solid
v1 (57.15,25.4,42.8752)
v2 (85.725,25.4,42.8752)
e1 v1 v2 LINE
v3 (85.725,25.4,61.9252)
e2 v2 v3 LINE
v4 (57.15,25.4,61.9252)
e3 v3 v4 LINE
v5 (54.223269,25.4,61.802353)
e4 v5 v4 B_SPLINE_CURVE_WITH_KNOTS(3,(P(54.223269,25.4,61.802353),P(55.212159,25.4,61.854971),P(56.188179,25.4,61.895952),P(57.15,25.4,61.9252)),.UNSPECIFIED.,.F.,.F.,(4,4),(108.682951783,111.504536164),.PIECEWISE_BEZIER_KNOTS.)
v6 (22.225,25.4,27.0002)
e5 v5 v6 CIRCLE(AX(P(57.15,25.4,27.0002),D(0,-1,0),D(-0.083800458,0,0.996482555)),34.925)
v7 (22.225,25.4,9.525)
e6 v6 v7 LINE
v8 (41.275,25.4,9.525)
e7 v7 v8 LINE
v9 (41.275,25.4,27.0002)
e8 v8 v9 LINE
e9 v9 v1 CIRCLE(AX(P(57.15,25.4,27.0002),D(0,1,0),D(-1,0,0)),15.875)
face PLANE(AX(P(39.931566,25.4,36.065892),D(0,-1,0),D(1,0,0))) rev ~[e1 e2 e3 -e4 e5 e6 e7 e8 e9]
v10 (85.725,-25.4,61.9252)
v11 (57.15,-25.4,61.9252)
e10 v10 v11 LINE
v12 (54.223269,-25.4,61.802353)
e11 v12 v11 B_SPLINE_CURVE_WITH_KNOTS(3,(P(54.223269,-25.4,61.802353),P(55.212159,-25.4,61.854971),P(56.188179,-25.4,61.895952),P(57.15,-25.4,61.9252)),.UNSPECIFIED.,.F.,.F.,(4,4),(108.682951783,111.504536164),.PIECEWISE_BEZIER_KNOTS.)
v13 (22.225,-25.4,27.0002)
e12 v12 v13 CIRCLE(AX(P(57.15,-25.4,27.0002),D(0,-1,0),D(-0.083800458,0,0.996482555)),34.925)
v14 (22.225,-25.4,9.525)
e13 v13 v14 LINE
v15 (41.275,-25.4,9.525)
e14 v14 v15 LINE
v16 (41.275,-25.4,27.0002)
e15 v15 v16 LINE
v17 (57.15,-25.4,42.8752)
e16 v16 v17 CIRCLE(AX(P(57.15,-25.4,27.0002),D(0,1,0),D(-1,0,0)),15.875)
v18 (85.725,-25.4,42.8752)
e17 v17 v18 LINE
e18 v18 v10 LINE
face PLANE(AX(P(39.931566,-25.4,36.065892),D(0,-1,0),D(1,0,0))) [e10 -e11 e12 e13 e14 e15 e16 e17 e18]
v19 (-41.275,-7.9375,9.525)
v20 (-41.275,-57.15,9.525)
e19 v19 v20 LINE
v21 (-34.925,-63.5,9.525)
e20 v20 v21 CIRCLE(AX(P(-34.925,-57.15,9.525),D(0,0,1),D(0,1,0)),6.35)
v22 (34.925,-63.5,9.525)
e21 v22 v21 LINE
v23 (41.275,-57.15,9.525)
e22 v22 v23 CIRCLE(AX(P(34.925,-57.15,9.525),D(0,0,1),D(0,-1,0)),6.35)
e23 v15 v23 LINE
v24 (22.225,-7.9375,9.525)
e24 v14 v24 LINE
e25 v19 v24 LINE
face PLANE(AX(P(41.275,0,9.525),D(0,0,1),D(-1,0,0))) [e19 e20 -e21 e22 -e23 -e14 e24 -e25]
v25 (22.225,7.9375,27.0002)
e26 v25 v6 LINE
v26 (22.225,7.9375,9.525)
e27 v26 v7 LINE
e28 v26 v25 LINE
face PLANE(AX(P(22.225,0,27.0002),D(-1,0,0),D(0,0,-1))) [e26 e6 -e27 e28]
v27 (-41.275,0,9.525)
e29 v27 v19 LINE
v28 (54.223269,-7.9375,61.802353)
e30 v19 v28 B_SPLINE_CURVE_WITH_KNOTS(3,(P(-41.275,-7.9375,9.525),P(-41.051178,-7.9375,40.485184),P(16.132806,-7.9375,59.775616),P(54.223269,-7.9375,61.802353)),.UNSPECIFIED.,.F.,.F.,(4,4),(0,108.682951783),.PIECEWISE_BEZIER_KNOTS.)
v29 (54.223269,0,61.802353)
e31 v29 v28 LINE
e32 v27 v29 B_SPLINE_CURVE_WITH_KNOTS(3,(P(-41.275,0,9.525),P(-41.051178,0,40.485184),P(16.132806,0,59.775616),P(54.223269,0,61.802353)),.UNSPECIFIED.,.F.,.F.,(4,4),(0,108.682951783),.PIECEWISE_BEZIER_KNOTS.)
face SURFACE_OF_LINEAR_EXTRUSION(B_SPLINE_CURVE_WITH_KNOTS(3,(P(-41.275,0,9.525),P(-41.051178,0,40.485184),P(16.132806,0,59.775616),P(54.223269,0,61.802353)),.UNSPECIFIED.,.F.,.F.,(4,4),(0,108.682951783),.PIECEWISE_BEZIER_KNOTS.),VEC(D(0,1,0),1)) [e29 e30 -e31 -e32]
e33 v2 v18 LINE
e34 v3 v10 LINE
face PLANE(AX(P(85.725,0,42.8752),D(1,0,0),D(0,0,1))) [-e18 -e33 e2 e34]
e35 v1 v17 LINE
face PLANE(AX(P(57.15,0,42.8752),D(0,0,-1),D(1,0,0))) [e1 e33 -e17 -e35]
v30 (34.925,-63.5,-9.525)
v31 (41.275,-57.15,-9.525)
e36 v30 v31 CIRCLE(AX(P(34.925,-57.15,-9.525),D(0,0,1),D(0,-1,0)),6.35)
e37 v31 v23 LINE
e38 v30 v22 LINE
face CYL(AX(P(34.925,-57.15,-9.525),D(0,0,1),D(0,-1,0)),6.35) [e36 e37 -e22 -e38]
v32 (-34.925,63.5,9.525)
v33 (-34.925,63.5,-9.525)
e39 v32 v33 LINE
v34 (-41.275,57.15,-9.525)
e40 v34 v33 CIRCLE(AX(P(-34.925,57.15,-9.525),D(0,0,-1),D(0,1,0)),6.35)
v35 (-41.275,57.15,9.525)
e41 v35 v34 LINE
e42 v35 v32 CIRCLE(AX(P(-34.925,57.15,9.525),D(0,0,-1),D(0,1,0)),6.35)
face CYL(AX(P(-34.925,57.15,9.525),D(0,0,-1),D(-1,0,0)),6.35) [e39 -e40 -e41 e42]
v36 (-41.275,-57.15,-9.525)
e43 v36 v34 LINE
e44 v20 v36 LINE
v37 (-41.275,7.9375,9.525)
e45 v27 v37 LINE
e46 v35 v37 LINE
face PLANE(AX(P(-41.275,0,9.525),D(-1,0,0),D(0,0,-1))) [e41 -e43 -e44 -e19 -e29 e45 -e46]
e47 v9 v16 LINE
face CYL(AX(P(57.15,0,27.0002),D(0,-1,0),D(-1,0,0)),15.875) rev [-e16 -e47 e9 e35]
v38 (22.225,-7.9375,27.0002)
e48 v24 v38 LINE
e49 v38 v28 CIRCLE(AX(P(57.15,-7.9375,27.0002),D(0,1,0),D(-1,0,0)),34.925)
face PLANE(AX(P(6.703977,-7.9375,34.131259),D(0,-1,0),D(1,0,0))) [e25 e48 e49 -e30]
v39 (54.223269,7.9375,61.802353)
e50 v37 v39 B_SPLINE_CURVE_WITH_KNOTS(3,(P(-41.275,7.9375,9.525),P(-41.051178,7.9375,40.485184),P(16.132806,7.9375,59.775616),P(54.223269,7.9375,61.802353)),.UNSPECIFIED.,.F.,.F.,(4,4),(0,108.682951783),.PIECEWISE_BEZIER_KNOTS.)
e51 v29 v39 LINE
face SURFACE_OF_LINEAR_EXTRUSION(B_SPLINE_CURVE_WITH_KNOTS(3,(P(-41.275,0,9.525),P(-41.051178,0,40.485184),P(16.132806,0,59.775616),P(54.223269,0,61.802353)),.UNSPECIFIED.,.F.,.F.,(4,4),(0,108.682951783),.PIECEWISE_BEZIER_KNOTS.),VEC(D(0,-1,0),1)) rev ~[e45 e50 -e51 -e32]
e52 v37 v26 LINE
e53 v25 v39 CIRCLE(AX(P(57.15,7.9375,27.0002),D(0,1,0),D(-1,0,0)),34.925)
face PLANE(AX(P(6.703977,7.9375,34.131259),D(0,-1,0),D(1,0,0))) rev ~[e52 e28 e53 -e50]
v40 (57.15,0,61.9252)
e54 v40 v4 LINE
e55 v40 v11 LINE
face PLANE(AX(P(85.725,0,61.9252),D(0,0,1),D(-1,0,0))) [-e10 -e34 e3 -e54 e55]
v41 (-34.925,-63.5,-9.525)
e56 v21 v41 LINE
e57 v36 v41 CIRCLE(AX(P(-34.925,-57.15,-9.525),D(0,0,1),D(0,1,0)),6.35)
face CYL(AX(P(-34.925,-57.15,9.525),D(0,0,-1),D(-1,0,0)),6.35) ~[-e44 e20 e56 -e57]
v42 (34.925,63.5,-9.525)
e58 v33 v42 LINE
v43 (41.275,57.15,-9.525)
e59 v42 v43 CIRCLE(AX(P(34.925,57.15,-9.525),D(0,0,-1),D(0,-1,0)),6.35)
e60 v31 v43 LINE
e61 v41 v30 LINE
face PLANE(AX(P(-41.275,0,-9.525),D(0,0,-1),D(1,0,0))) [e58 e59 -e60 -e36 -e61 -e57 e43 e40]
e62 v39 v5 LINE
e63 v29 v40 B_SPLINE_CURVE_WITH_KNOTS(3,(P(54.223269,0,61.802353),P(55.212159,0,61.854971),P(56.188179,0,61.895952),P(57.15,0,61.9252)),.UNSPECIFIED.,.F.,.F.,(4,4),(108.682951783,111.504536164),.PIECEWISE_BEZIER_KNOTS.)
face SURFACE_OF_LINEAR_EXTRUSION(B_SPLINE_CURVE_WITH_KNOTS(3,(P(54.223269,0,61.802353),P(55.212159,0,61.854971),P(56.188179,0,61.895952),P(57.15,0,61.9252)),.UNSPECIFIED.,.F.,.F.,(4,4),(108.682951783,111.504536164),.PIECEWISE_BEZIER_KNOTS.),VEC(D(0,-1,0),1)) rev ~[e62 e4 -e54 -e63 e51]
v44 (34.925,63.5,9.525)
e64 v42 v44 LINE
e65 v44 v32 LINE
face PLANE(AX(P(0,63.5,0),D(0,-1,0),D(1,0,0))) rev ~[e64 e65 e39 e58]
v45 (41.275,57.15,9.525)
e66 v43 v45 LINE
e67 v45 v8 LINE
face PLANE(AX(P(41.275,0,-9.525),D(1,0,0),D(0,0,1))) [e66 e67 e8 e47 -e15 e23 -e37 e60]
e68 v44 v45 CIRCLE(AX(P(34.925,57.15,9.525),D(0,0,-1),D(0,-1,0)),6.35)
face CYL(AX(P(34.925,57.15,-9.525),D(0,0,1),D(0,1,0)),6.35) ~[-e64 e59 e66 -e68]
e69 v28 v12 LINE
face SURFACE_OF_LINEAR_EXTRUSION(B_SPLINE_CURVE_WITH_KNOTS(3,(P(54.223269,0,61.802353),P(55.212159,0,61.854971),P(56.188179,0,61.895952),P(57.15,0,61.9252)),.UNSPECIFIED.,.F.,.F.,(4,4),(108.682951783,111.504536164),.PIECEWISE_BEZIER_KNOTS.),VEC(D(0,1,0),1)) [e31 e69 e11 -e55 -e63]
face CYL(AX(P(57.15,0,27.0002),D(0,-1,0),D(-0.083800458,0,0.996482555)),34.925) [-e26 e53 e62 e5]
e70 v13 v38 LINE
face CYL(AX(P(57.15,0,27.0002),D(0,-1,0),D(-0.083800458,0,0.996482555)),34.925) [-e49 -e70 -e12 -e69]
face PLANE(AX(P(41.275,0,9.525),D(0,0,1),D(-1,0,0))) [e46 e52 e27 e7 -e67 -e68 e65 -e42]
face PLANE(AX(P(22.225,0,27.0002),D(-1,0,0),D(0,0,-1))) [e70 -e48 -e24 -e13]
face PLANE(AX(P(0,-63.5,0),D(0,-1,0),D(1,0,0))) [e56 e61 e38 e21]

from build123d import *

# Parameters (mm, degrees)
F1_DEPTH = 63.5
F0_W     = 25.4
F0_H     = 19.05
F2_DEPTH = 25.4
F3_DEPTH = 7.9375
F4_R     = 6.35


with BuildPart() as f1:
    # F0 (on Front) → F1 (new body, symmetric)
    with BuildSketch(Plane.XZ):
        Polygon((41.275, -9.525), (41.275, 9.525), (22.225, 9.525), (-41.275, 9.525), (-41.275, -9.525), align=None)
    extrude(amount=F1_DEPTH, both=True)

    # F0 (on Front) → F2 (join, symmetric)
    with BuildSketch(Plane.XZ):
        with BuildLine():
            Line((22.225, 9.525), (41.275, 9.525))
            Line((41.275, 9.525), (41.275, 27.0002))
            ThreePointArc((41.275, 27.0002), (45.9246798487, 38.2255201513), (57.15, 42.8752))
            Line((57.15, 42.8752), (60.325, 42.8752))
            Line((60.325, 42.8752), (60.325, 61.9252))
            Line((60.325, 61.9252), (57.15, 61.9252))
            add(Edge.make_bspline(
                [(54.22326899, 61.8023532465), (55.2121587279, 61.8549706116), (56.1881793337, 61.8959521575), (57.15, 61.9252)],
                knots=[108.6829517829, 108.6829517829, 108.6829517829, 108.6829517829, 111.5045361635, 111.5045361635, 111.5045361635, 111.5045361635], degree=3))
            ThreePointArc((54.22326899, 61.8023532465), (31.440354869, 50.6385115352), (22.225, 27.0002))
            Line((22.225, 27.0002), (22.225, 9.525))
        make_face()
        with Locations((73.025, 52.4002)):
            Rectangle(F0_W, F0_H)
    extrude(amount=F2_DEPTH, both=True)

    # F0 (on Front) → F3 (join, symmetric)
    with BuildSketch(Plane.XZ):
        with BuildLine():
            Line((-41.275, 9.525), (22.225, 9.525))
            Line((22.225, 9.525), (22.225, 27.0002))
            ThreePointArc((22.225, 27.0002), (31.440354869, 50.6385115352), (54.22326899, 61.8023532465))
            add(Edge.make_bspline(
                [(-41.275, 9.525), (-41.0511784846, 40.4851844974), (16.1328058977, 59.7756158605), (54.22326899, 61.8023532465)],
                knots=[0, 0, 0, 0, 108.6829517829, 108.6829517829, 108.6829517829, 108.6829517829], degree=3))
        make_face()
    extrude(amount=F3_DEPTH, both=True)

    # F4
    f4_edges = [f1.edges().sort_by_distance(p)[0] for p in [
        (41.275, -63.5, 0),
        (-41.275, -63.5, 0),
        (-41.275, 63.5, 0),
        (41.275, 63.5, 0),
    ]]
    fillet(f4_edges, radius=F4_R)


solid = f1.part
